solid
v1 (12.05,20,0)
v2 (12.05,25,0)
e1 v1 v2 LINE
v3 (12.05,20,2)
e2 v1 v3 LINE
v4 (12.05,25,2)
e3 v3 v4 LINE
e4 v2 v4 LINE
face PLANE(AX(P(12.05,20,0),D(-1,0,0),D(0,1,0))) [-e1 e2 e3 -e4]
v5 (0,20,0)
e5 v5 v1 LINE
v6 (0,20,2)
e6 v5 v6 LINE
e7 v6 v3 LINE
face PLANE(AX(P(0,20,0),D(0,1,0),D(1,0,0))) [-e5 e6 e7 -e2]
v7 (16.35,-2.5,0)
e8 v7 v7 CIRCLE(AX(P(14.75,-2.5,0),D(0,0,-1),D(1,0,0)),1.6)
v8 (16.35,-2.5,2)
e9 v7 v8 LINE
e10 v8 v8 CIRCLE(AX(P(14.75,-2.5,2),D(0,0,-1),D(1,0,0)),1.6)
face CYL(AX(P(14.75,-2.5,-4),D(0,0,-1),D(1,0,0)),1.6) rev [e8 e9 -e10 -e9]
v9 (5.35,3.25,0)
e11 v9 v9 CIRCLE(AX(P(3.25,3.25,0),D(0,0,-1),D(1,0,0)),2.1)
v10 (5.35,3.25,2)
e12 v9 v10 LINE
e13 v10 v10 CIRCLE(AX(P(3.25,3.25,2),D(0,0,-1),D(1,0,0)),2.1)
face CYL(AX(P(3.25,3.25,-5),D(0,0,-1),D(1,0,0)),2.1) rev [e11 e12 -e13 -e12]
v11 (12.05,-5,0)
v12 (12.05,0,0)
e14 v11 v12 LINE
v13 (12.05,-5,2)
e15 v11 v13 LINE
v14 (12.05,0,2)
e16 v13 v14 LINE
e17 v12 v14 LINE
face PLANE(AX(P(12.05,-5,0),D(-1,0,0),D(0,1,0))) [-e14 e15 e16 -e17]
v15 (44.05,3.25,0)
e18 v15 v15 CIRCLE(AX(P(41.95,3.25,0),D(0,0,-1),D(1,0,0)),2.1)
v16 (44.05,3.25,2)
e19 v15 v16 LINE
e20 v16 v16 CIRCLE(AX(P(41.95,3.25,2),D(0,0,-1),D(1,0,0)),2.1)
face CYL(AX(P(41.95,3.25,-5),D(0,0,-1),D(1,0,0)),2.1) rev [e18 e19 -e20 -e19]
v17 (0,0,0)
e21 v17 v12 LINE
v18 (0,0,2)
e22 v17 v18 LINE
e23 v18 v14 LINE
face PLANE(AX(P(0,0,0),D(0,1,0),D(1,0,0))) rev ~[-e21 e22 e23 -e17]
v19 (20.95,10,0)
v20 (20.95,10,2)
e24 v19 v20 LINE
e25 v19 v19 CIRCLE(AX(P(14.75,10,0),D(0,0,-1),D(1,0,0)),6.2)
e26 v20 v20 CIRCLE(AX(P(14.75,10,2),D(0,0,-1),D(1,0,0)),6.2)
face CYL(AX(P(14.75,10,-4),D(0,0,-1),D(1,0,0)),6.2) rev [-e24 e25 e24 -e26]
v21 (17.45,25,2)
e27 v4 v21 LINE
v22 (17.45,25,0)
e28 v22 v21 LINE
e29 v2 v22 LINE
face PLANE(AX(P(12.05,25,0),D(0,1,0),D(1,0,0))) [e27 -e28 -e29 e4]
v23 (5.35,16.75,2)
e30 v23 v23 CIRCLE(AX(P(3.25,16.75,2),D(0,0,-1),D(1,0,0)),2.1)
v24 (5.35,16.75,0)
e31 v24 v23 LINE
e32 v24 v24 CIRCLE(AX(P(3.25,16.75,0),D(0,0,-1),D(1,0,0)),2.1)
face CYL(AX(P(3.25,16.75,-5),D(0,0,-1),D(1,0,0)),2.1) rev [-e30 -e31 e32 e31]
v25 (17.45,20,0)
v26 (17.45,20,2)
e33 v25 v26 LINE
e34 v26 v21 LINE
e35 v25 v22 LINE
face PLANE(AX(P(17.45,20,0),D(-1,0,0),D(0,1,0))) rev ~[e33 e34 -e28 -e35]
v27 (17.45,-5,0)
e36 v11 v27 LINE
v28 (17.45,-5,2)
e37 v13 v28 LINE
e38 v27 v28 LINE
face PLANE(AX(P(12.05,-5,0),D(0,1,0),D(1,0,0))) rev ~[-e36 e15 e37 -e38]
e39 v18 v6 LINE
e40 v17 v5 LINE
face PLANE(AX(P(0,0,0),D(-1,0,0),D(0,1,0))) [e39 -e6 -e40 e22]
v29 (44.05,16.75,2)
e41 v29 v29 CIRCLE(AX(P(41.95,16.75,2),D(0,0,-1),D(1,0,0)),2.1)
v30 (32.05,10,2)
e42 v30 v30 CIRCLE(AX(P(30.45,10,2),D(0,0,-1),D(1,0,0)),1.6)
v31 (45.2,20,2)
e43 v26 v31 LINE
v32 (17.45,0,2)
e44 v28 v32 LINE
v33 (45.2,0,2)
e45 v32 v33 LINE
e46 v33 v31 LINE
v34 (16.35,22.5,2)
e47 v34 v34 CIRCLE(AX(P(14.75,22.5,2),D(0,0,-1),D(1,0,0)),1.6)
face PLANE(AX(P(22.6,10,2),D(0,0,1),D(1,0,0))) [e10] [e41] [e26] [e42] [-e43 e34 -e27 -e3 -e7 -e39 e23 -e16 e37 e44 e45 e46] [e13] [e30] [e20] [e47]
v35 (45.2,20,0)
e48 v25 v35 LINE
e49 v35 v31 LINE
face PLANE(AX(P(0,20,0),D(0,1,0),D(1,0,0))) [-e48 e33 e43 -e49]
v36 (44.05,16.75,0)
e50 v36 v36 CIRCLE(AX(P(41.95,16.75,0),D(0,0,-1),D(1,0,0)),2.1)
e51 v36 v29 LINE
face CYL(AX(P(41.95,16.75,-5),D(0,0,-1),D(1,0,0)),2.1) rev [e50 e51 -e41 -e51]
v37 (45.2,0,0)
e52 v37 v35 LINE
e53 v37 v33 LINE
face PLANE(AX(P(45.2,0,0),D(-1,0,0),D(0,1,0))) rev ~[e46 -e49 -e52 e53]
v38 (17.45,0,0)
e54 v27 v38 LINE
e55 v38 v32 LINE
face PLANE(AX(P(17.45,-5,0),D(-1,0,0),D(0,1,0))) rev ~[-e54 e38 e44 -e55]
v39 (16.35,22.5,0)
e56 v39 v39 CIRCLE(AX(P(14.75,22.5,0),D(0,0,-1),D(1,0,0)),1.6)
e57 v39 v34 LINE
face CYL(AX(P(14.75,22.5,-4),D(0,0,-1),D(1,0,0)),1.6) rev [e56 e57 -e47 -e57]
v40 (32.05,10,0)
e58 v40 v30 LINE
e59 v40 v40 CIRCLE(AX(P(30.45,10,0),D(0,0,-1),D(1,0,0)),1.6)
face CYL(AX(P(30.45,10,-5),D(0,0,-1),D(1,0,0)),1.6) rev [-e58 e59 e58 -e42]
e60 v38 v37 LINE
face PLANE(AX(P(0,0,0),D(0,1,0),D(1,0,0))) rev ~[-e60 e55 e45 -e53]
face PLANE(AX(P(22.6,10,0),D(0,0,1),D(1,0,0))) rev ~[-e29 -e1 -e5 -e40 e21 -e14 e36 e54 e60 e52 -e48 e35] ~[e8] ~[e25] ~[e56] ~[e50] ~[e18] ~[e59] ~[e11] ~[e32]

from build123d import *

# Parameters (mm, degrees)
CYLINDER006_R     = 1.6
CYLINDER006_DEPTH = 10
CYLINDER007_R     = 1.6
CYLINDER007_DEPTH = 10
CYLINDER004_R     = 6.2
CYLINDER004_DEPTH = 10
BOX002_W          = 5.4
BOX002_H          = 5
BOX002_DEPTH      = 2
CYLINDER005_R     = 1.6
CYLINDER005_DEPTH = 10
CYLINDER001_R     = 2.1
CYLINDER001_DEPTH = 10
CYLINDER_R        = 2.1
CYLINDER_DEPTH    = 10
CYLINDER002_R     = 2.1
CYLINDER002_DEPTH = 10
CYLINDER003_R     = 2.1
CYLINDER003_DEPTH = 10
BOX_W             = 45.2
BOX_H             = 20
BOX_DEPTH         = 2
BOX001_W          = 5.4
BOX001_H          = 5
BOX001_DEPTH      = 2


with BuildPart() as cylinder006:
    # Cylinder006 → Cylinder006 (new body)
    with BuildSketch(Plane(origin=(14.75, 22.5, -4), x_dir=(1, 0, 0), z_dir=(0, 0, 1))):
        Circle(CYLINDER006_R)
    extrude(amount=CYLINDER006_DEPTH)


with BuildPart() as cylinder007:
    # Cylinder007 → Cylinder007 (new body)
    with BuildSketch(Plane(origin=(14.75, -2.5, -4), x_dir=(1, 0, 0), z_dir=(0, 0, 1))):
        Circle(CYLINDER007_R)
    extrude(amount=CYLINDER007_DEPTH)


with BuildPart() as cylinder004:
    # Cylinder004 → Cylinder004 (new body)
    with BuildSketch(Plane(origin=(14.75, 10, -4), x_dir=(1, 0, 0), z_dir=(0, 0, 1))):
        Circle(CYLINDER004_R)
    extrude(amount=CYLINDER004_DEPTH)


with BuildPart() as cube001:
    # Box002 → Box002 (new body)
    with BuildSketch(Plane(origin=(12.05, 20, 0), x_dir=(1, 0, 0), z_dir=(0, 0, 1))):
        with Locations((2.7, 2.5)):
            Rectangle(BOX002_W, BOX002_H)
    extrude(amount=BOX002_DEPTH)


with BuildPart() as cylinder005:
    # Cylinder005 → Cylinder005 (new body)
    with BuildSketch(Plane(origin=(30.45, 10, -5), x_dir=(1, 0, 0), z_dir=(0, 0, 1))):
        Circle(CYLINDER005_R)
    extrude(amount=CYLINDER005_DEPTH)


with BuildPart() as cylinder001:
    # Cylinder001 → Cylinder001 (new body)
    with BuildSketch(Plane(origin=(41.95, 3.25, -5), x_dir=(1, 0, 0), z_dir=(0, 0, 1))):
        Circle(CYLINDER001_R)
    extrude(amount=CYLINDER001_DEPTH)


with BuildPart() as cylinder:
    # Cylinder → Cylinder (new body)
    with BuildSketch(Plane(origin=(41.95, 16.75, -5), x_dir=(1, 0, 0), z_dir=(0, 0, 1))):
        Circle(CYLINDER_R)
    extrude(amount=CYLINDER_DEPTH)


with BuildPart() as cylinder002:
    # Cylinder002 → Cylinder002 (new body)
    with BuildSketch(Plane(origin=(3.25, 16.75, -5), x_dir=(1, 0, 0), z_dir=(0, 0, 1))):
        Circle(CYLINDER002_R)
    extrude(amount=CYLINDER002_DEPTH)


with BuildPart() as cylinder003:
    # Cylinder003 → Cylinder003 (new body)
    with BuildSketch(Plane(origin=(3.25, 3.25, -5), x_dir=(1, 0, 0), z_dir=(0, 0, 1))):
        Circle(CYLINDER003_R)
    extrude(amount=CYLINDER003_DEPTH)


with BuildPart() as fusion:
    # Box → Box (new body)
    with BuildSketch(Plane.XY):
        with Locations((22.6, 10)):
            Rectangle(BOX_W, BOX_H)
    extrude(amount=BOX_DEPTH)

    # Cut: cut Cylinder003
    add(cylinder003.part, mode=Mode.SUBTRACT)

    # Cut001: cut Cylinder002
    add(cylinder002.part, mode=Mode.SUBTRACT)

    # Cut002: cut Cylinder
    add(cylinder.part, mode=Mode.SUBTRACT)

    # Cut003: cut Cylinder001
    add(cylinder001.part, mode=Mode.SUBTRACT)

    # Cut004: cut Cylinder004
    add(cylinder004.part, mode=Mode.SUBTRACT)

    # Cut005: cut Cylinder005
    add(cylinder005.part, mode=Mode.SUBTRACT)

    # Fusion: union Cube001
    add(cube001.part)


with BuildPart() as cut008:
    # Box001 → Box001 (new body)
    with BuildSketch(Plane(origin=(12.05, -5, 0), x_dir=(1, 0, 0), z_dir=(0, 0, 1))):
        with Locations((2.7, 2.5)):
            Rectangle(BOX001_W, BOX001_H)
    extrude(amount=BOX001_DEPTH)

    # Fusion001: union Fusion
    add(fusion.part)

    # Cut006: cut Cylinder004
    add(cylinder004.part, mode=Mode.SUBTRACT)

    # Cut007: cut Cylinder007
    add(cylinder007.part, mode=Mode.SUBTRACT)

    # Cut008: cut Cylinder006
    add(cylinder006.part, mode=Mode.SUBTRACT)


solid = cut008.part
